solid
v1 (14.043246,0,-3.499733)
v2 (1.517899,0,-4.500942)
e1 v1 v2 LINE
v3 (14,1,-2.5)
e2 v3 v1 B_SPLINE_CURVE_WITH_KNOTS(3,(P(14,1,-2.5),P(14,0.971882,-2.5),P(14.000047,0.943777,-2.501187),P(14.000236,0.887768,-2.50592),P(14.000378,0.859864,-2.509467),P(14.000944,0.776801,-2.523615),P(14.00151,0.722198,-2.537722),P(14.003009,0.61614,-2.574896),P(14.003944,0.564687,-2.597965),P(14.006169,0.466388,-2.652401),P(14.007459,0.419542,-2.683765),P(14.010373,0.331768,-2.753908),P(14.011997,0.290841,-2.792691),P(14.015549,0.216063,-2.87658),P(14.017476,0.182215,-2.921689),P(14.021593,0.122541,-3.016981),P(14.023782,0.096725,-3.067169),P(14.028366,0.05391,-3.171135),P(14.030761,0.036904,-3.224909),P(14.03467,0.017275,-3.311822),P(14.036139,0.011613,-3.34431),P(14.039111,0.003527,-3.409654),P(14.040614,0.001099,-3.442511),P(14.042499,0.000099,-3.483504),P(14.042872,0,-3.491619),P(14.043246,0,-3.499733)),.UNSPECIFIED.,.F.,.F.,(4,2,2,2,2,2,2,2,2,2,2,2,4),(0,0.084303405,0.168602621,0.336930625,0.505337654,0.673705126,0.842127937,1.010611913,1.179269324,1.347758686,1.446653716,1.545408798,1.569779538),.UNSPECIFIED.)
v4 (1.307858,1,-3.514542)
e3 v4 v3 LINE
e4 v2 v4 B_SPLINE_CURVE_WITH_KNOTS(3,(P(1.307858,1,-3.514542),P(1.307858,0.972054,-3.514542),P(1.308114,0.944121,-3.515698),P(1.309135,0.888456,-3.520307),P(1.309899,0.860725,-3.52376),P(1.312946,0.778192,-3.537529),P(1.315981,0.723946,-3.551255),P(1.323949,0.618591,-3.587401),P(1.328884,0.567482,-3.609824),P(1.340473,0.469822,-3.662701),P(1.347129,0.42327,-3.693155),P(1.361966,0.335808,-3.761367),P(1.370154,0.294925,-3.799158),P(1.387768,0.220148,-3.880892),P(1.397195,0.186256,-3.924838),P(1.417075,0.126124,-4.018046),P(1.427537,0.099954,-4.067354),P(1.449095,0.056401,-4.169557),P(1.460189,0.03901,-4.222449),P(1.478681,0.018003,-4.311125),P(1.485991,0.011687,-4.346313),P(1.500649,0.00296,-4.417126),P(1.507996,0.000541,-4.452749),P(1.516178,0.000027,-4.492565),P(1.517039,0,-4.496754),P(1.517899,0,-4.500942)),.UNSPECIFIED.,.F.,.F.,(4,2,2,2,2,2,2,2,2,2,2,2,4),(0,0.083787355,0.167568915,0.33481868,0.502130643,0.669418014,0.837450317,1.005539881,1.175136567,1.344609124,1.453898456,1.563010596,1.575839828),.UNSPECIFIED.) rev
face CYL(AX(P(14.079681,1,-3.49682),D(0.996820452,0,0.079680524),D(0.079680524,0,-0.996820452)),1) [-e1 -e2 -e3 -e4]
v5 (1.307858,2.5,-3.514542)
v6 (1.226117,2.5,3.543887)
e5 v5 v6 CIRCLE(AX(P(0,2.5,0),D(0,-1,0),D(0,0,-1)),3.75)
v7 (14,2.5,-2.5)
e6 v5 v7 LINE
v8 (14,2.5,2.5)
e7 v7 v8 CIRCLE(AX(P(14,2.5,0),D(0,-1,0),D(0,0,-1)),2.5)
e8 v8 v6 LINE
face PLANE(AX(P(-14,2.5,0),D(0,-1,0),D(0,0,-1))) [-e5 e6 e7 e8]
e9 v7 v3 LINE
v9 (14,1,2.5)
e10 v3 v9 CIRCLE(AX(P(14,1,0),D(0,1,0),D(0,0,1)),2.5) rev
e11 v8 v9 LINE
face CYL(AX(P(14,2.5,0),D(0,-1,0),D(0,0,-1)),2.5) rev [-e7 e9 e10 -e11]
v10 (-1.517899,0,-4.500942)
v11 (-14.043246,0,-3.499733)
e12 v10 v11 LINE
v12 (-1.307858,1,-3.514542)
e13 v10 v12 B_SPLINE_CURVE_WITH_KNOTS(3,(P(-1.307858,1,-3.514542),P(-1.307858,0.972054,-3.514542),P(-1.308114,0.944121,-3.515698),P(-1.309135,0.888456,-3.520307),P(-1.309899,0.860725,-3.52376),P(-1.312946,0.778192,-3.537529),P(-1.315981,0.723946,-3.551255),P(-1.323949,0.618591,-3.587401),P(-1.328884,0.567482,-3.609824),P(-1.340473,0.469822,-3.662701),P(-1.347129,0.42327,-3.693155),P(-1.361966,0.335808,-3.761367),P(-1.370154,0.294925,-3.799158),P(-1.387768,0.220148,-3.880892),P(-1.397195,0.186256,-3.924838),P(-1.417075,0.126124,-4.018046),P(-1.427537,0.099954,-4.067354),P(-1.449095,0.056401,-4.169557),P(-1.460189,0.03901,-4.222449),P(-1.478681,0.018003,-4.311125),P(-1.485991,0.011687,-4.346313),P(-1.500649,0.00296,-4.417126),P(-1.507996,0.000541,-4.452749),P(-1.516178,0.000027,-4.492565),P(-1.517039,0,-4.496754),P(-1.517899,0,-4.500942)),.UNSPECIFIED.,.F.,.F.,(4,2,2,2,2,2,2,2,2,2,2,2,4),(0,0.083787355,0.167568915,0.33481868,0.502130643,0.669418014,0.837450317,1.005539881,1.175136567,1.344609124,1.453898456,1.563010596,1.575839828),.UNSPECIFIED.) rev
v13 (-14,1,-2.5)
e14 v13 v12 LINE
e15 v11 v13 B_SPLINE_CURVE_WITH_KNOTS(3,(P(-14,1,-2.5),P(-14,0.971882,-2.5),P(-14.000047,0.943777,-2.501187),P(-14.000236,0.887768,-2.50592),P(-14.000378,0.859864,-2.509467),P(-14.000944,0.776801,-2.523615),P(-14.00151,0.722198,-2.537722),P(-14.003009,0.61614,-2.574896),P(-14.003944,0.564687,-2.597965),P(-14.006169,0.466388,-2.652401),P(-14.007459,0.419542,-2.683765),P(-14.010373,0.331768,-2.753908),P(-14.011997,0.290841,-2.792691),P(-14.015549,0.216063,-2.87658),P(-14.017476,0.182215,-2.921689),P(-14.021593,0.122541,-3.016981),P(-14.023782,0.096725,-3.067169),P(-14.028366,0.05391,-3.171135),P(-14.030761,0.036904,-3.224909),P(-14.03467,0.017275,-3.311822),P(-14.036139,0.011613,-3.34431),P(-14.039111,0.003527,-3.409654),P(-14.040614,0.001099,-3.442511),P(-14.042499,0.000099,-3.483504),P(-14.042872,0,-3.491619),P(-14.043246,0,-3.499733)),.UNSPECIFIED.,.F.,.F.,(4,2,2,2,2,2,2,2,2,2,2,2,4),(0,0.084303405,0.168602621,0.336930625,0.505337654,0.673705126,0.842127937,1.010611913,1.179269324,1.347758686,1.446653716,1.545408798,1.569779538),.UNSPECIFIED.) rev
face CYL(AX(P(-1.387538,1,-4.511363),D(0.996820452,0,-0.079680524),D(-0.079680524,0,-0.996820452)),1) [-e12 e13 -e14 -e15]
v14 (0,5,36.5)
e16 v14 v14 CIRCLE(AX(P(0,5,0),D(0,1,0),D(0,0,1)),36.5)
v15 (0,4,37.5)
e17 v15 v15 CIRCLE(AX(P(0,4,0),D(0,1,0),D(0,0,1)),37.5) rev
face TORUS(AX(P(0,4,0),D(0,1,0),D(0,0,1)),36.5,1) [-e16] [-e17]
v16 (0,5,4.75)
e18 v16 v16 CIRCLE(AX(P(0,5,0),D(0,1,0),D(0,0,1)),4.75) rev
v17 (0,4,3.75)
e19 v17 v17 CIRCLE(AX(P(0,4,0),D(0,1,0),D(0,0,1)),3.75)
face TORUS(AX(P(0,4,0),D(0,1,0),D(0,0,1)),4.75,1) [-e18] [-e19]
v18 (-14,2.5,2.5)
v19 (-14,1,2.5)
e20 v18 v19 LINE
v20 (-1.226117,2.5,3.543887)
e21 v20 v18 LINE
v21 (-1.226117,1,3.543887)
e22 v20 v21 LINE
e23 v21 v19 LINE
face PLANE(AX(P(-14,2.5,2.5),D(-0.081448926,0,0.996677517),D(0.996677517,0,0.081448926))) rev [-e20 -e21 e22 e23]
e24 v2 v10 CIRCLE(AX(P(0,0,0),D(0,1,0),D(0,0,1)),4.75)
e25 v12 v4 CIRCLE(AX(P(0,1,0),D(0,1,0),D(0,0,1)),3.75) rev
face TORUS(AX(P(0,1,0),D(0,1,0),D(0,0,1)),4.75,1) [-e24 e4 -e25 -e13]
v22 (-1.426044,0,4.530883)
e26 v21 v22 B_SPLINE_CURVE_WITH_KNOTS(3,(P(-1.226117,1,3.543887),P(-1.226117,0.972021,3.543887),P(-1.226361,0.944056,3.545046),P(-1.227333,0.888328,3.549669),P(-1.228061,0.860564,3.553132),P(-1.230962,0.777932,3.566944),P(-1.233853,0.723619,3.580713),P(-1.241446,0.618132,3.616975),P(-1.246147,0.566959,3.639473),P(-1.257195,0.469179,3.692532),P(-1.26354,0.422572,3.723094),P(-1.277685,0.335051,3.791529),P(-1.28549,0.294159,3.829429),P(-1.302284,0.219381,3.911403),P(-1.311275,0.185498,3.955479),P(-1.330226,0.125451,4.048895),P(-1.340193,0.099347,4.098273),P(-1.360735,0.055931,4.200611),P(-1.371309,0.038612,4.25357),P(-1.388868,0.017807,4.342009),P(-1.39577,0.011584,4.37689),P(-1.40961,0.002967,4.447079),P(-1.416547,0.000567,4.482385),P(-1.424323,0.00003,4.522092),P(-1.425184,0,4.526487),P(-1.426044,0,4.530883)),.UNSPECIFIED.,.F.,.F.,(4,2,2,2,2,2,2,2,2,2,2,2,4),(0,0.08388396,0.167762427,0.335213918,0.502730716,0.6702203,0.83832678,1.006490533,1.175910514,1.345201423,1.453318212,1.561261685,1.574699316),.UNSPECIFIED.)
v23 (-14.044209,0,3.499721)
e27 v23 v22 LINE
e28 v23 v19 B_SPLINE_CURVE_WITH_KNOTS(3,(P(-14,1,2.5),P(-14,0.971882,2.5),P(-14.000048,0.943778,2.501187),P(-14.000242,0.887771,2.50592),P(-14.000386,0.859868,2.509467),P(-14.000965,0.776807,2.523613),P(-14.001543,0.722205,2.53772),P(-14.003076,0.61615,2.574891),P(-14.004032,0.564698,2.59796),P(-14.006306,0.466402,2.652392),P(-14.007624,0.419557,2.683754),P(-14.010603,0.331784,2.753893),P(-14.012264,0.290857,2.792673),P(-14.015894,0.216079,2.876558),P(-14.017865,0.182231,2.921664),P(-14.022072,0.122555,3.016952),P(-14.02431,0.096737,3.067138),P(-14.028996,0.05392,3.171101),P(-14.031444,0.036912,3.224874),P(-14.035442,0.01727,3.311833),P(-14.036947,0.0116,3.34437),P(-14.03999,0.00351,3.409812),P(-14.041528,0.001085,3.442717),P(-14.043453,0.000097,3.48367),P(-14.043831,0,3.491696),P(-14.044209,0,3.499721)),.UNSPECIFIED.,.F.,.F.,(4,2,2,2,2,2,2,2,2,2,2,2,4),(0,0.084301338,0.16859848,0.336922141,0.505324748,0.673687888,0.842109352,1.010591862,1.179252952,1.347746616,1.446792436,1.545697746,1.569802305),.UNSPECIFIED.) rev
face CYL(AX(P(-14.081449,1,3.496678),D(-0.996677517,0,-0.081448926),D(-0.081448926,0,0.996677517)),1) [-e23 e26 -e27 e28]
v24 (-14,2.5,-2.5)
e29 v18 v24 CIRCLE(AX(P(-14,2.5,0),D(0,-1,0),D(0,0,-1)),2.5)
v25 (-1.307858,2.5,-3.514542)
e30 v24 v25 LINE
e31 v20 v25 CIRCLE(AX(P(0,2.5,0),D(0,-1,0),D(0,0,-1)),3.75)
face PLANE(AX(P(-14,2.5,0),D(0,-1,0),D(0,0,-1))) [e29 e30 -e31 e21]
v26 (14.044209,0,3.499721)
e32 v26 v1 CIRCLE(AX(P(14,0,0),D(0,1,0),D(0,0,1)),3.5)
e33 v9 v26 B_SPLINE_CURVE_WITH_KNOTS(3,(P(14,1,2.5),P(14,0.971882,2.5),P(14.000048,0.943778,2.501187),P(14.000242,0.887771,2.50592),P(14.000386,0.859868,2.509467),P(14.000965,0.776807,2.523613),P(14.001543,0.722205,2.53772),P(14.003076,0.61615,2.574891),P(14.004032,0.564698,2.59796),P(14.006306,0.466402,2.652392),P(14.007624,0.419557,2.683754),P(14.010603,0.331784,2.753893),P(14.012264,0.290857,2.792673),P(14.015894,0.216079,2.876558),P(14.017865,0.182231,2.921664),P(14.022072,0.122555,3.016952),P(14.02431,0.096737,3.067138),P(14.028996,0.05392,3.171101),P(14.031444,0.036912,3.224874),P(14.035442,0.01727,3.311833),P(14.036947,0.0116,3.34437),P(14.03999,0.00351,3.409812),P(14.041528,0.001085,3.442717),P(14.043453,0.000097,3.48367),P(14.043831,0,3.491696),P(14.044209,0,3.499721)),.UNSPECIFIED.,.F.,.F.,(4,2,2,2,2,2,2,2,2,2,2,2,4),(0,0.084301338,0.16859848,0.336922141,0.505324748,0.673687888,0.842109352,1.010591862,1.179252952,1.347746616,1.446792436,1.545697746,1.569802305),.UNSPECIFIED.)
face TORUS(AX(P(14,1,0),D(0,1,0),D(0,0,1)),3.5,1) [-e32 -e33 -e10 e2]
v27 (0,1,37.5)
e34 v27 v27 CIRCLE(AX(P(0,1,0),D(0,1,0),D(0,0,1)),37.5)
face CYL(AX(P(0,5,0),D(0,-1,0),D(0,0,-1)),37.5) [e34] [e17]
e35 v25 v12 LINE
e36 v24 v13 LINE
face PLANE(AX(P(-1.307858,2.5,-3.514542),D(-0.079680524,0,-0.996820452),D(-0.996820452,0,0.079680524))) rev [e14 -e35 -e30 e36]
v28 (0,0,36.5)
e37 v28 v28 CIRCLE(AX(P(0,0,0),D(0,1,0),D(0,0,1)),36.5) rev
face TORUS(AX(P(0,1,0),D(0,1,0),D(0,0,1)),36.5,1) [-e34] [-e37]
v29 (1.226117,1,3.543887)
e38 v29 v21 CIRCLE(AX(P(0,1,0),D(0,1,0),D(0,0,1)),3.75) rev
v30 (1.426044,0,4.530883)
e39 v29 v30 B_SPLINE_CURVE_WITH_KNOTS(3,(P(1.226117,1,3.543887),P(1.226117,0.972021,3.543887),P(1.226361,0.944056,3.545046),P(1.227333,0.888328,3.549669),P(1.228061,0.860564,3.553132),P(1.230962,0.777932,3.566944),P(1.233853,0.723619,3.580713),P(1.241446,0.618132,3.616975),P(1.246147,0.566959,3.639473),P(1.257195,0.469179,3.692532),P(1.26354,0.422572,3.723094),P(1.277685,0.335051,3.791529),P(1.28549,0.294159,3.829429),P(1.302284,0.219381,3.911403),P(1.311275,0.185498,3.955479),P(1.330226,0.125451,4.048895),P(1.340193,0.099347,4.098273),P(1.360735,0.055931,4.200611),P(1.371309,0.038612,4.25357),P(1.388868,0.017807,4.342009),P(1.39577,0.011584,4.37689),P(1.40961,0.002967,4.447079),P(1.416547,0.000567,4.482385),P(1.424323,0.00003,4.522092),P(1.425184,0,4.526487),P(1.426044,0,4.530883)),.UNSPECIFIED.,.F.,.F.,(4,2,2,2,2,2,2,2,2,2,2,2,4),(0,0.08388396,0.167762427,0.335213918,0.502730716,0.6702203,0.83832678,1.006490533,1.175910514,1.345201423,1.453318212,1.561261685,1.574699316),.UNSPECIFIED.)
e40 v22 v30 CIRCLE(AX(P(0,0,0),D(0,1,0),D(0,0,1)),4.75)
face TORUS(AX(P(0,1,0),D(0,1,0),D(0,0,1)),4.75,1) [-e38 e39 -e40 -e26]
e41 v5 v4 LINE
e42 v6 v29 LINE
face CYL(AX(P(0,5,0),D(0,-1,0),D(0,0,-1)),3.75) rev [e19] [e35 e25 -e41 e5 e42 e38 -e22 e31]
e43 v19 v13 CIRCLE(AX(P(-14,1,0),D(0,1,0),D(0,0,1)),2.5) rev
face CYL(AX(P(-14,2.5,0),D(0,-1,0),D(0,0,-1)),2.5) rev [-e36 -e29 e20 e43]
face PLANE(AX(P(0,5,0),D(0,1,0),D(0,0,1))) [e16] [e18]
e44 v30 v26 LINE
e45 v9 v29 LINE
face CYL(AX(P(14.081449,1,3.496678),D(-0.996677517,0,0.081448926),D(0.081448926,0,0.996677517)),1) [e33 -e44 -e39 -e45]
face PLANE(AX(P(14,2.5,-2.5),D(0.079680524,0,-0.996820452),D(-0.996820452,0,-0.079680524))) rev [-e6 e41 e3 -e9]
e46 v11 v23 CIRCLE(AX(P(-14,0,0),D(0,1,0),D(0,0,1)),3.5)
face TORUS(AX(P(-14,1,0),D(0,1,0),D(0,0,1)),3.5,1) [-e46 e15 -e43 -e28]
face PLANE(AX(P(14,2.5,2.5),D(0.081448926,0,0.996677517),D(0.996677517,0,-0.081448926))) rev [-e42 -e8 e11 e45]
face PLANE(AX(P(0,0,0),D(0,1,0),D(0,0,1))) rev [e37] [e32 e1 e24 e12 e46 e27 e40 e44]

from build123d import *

# Parameters (mm, degrees)
SKETCH1_R           = 37.5
SKETCH1_R_2         = 3.75
BOSS_EXTRUDE1_DEPTH = 5
CUT_EXTRUDE1_DEPTH  = 2.5
FILLET1_R           = 1


with BuildPart() as part:
    # Sketch1 → Boss-Extrude1 (new body)
    with BuildSketch(Plane(origin=(0, 0, 0), x_dir=(1, 0, 0), z_dir=(0, 1, 0))):
        Circle(SKETCH1_R)
        Circle(SKETCH1_R_2, mode=Mode.SUBTRACT)
    extrude(amount=BOSS_EXTRUDE1_DEPTH)

    # Sketch2 → Cut-Extrude1 (cut)
    with BuildSketch(Plane.XZ):
        with BuildLine():
            Line((-14, 2.5), (-1.226116774, 3.543887365))
            ThreePointArc((-1.226116774, 3.543887365), (0, 3.75), (1.226116774, 3.543887365))
            Line((1.226116774, 3.543887365), (14, 2.5))
            ThreePointArc((14, 2.5), (16.5, 0), (14, -2.5))
            Line((14, -2.5), (1.307857892, -3.514542322))
            ThreePointArc((1.307857892, -3.514542322), (0, -3.75), (-1.307857892, -3.514542322))
            Line((-1.307857892, -3.514542322), (-14, -2.5))
            ThreePointArc((-14, -2.5), (-16.5, 0), (-14, 2.5))
        make_face()
    extrude(amount=-CUT_EXTRUDE1_DEPTH, mode=Mode.SUBTRACT)

    # Fillet1
    fillet1_edges = [part.edges().sort_by_distance(p)[0] for p in [
        (0, 0, 3.75),
        (7.653928946, 0, -3.007271161),
        (16.5, 0, 0),
        (-37.5, 0, 0),
        (7.613058387, 0, 3.021943683),
        (-7.613058387, 0, 3.021943683),
        (-16.5, 0, 0),
        (-7.653928946, 0, -3.007271161),
        (-37.5, 5, 0),
        (-3.75, 5, 0),
        (0, 0, -3.75),
    ]]
    fillet(fillet1_edges, radius=FILLET1_R)


solid = part.part
